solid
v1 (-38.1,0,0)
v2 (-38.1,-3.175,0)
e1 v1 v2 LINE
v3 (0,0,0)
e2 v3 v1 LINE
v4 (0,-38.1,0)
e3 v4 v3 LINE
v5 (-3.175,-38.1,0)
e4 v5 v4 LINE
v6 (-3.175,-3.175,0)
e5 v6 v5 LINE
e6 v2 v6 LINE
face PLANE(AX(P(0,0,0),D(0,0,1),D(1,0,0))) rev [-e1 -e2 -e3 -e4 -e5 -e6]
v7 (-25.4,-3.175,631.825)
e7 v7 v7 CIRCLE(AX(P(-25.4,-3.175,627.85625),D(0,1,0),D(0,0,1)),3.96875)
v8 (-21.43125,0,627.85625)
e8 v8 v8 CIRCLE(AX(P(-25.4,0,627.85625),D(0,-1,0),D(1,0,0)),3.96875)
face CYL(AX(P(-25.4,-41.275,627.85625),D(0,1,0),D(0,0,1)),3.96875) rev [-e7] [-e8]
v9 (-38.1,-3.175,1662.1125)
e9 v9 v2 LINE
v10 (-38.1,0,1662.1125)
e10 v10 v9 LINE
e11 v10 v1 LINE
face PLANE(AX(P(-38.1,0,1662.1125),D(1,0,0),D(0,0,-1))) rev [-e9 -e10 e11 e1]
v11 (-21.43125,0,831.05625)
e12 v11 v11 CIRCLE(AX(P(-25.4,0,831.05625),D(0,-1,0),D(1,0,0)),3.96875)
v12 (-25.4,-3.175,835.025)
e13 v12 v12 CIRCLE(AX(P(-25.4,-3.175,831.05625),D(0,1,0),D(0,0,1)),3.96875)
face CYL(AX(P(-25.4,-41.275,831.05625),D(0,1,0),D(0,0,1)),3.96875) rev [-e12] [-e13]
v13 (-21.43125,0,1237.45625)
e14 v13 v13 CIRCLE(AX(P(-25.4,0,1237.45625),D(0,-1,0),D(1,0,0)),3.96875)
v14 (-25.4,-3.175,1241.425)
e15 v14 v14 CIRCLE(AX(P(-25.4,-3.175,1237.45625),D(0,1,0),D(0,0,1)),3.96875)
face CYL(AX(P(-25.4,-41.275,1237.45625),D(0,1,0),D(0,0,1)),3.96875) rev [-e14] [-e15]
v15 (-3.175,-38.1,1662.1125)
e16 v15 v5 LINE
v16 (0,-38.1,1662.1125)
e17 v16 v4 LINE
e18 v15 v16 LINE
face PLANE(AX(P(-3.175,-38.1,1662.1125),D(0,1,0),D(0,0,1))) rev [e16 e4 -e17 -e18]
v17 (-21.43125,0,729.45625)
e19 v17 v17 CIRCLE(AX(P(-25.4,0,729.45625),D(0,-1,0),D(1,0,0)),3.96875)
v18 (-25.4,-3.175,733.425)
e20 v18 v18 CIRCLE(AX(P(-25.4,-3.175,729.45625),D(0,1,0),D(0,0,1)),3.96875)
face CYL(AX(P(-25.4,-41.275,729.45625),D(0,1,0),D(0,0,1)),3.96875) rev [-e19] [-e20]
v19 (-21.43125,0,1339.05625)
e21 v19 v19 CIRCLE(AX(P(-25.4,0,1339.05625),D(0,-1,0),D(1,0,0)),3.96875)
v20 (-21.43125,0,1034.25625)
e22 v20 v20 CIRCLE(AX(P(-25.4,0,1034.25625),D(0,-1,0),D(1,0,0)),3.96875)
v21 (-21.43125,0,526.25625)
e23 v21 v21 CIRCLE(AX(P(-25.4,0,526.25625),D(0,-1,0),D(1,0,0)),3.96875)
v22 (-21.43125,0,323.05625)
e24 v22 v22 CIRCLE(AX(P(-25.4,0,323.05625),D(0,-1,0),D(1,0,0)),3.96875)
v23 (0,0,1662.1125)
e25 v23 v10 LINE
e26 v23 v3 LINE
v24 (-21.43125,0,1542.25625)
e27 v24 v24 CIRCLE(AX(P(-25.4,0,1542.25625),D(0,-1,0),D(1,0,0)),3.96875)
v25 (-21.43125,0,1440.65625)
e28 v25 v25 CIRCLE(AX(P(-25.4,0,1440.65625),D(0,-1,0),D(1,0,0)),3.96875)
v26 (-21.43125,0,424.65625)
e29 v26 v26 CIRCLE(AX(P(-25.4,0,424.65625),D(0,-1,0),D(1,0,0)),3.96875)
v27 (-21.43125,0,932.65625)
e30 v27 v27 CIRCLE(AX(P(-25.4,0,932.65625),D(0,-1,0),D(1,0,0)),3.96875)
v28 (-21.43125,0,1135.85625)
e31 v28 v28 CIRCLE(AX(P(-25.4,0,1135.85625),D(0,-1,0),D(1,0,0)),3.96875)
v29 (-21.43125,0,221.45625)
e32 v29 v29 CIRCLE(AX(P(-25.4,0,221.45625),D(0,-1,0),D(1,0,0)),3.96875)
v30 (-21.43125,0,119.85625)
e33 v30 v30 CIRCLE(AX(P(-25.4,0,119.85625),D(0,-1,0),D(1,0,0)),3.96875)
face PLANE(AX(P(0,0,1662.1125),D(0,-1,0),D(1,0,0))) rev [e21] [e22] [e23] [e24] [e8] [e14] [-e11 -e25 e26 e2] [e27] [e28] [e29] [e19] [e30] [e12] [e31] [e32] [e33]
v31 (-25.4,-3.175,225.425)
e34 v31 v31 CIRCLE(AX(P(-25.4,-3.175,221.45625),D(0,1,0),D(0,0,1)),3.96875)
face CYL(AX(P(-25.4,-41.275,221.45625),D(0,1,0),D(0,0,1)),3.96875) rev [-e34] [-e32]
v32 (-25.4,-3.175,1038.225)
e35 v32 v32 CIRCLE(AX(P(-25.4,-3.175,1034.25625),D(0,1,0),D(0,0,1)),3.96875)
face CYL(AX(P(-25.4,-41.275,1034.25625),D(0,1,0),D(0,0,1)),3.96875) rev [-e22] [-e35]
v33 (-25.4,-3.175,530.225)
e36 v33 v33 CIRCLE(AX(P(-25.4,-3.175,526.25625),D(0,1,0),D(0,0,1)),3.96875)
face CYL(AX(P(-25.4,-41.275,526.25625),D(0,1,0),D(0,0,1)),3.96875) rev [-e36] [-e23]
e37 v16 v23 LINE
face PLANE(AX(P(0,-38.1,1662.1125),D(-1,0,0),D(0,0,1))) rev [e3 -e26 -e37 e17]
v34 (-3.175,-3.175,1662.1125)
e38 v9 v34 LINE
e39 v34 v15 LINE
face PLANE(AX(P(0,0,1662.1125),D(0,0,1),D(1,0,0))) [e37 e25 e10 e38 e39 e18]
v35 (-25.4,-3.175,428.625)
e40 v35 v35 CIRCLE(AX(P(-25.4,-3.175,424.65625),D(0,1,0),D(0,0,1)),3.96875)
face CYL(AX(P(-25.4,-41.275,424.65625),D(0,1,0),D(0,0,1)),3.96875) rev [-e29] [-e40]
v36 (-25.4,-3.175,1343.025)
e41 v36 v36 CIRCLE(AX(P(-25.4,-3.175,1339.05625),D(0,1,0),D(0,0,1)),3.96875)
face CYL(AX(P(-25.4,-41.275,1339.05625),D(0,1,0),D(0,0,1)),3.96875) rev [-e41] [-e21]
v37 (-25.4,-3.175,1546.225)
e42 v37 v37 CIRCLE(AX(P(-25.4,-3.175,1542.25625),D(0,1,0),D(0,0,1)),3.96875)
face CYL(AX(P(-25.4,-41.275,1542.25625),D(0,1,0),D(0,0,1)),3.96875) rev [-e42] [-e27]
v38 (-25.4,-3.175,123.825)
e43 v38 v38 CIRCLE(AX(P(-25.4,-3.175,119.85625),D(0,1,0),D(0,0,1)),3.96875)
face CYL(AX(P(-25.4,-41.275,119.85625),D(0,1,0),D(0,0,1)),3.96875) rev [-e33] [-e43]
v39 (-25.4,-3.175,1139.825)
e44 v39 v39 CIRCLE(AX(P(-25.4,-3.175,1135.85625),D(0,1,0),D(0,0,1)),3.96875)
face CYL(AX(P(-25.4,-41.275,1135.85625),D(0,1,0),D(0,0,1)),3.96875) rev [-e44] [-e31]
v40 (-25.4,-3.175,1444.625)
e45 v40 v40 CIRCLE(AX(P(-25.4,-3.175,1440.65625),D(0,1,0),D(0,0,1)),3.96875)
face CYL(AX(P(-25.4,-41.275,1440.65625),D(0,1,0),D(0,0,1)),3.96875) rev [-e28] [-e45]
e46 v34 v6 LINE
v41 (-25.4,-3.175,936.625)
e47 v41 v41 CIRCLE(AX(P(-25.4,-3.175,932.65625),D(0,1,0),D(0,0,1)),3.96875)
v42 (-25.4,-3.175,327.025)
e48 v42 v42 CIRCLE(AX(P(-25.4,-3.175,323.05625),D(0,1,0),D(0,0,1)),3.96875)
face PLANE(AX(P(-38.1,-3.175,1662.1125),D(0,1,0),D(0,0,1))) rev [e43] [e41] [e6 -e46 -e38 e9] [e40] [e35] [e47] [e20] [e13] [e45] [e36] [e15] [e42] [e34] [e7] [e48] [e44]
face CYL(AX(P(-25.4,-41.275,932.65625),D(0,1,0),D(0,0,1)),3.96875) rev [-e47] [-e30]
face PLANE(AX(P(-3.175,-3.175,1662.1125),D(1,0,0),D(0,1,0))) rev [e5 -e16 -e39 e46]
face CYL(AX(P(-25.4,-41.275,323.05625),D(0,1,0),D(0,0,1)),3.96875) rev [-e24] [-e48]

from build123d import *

# Parameters (mm, degrees)
BOSS_EXTRUDE1_DEPTH = 1662.1125
SKETCH4_R           = 3.96875
CUT_EXTRUDE3_DEPTH  = 44.45
LPATTERN1_COUNT     = 15
LPATTERN1_PITCH     = 101.6


with BuildPart() as part:
    # Sketch1 → Boss-Extrude1 (new body)
    with BuildSketch(Plane.XY):
        Polygon((0, 0), (-38.1, 0), (-38.1, -3.175), (-3.175, -3.175), (-3.175, -38.1), (0, -38.1), align=None)
    extrude(amount=BOSS_EXTRUDE1_DEPTH)

    # Sketch4 → Cut-Extrude3 (cut)
    with BuildSketch(Plane(origin=(10.670100368, 3.175, 817.757022881), x_dir=(1, 0, 0), z_dir=(0, 1, 0))):
        with Locations((-36.070100368, 697.900772881)):
            Circle(SKETCH4_R)
    cut_extrude3 = extrude(amount=-CUT_EXTRUDE3_DEPTH, mode=Mode.SUBTRACT)

    # LPattern1: Cut-Extrude3 ×15
    with Locations(*[(0, 0, i * LPATTERN1_PITCH) for i in range(1, LPATTERN1_COUNT)]):
        add(cut_extrude3, mode=Mode.SUBTRACT)


solid = part.part
